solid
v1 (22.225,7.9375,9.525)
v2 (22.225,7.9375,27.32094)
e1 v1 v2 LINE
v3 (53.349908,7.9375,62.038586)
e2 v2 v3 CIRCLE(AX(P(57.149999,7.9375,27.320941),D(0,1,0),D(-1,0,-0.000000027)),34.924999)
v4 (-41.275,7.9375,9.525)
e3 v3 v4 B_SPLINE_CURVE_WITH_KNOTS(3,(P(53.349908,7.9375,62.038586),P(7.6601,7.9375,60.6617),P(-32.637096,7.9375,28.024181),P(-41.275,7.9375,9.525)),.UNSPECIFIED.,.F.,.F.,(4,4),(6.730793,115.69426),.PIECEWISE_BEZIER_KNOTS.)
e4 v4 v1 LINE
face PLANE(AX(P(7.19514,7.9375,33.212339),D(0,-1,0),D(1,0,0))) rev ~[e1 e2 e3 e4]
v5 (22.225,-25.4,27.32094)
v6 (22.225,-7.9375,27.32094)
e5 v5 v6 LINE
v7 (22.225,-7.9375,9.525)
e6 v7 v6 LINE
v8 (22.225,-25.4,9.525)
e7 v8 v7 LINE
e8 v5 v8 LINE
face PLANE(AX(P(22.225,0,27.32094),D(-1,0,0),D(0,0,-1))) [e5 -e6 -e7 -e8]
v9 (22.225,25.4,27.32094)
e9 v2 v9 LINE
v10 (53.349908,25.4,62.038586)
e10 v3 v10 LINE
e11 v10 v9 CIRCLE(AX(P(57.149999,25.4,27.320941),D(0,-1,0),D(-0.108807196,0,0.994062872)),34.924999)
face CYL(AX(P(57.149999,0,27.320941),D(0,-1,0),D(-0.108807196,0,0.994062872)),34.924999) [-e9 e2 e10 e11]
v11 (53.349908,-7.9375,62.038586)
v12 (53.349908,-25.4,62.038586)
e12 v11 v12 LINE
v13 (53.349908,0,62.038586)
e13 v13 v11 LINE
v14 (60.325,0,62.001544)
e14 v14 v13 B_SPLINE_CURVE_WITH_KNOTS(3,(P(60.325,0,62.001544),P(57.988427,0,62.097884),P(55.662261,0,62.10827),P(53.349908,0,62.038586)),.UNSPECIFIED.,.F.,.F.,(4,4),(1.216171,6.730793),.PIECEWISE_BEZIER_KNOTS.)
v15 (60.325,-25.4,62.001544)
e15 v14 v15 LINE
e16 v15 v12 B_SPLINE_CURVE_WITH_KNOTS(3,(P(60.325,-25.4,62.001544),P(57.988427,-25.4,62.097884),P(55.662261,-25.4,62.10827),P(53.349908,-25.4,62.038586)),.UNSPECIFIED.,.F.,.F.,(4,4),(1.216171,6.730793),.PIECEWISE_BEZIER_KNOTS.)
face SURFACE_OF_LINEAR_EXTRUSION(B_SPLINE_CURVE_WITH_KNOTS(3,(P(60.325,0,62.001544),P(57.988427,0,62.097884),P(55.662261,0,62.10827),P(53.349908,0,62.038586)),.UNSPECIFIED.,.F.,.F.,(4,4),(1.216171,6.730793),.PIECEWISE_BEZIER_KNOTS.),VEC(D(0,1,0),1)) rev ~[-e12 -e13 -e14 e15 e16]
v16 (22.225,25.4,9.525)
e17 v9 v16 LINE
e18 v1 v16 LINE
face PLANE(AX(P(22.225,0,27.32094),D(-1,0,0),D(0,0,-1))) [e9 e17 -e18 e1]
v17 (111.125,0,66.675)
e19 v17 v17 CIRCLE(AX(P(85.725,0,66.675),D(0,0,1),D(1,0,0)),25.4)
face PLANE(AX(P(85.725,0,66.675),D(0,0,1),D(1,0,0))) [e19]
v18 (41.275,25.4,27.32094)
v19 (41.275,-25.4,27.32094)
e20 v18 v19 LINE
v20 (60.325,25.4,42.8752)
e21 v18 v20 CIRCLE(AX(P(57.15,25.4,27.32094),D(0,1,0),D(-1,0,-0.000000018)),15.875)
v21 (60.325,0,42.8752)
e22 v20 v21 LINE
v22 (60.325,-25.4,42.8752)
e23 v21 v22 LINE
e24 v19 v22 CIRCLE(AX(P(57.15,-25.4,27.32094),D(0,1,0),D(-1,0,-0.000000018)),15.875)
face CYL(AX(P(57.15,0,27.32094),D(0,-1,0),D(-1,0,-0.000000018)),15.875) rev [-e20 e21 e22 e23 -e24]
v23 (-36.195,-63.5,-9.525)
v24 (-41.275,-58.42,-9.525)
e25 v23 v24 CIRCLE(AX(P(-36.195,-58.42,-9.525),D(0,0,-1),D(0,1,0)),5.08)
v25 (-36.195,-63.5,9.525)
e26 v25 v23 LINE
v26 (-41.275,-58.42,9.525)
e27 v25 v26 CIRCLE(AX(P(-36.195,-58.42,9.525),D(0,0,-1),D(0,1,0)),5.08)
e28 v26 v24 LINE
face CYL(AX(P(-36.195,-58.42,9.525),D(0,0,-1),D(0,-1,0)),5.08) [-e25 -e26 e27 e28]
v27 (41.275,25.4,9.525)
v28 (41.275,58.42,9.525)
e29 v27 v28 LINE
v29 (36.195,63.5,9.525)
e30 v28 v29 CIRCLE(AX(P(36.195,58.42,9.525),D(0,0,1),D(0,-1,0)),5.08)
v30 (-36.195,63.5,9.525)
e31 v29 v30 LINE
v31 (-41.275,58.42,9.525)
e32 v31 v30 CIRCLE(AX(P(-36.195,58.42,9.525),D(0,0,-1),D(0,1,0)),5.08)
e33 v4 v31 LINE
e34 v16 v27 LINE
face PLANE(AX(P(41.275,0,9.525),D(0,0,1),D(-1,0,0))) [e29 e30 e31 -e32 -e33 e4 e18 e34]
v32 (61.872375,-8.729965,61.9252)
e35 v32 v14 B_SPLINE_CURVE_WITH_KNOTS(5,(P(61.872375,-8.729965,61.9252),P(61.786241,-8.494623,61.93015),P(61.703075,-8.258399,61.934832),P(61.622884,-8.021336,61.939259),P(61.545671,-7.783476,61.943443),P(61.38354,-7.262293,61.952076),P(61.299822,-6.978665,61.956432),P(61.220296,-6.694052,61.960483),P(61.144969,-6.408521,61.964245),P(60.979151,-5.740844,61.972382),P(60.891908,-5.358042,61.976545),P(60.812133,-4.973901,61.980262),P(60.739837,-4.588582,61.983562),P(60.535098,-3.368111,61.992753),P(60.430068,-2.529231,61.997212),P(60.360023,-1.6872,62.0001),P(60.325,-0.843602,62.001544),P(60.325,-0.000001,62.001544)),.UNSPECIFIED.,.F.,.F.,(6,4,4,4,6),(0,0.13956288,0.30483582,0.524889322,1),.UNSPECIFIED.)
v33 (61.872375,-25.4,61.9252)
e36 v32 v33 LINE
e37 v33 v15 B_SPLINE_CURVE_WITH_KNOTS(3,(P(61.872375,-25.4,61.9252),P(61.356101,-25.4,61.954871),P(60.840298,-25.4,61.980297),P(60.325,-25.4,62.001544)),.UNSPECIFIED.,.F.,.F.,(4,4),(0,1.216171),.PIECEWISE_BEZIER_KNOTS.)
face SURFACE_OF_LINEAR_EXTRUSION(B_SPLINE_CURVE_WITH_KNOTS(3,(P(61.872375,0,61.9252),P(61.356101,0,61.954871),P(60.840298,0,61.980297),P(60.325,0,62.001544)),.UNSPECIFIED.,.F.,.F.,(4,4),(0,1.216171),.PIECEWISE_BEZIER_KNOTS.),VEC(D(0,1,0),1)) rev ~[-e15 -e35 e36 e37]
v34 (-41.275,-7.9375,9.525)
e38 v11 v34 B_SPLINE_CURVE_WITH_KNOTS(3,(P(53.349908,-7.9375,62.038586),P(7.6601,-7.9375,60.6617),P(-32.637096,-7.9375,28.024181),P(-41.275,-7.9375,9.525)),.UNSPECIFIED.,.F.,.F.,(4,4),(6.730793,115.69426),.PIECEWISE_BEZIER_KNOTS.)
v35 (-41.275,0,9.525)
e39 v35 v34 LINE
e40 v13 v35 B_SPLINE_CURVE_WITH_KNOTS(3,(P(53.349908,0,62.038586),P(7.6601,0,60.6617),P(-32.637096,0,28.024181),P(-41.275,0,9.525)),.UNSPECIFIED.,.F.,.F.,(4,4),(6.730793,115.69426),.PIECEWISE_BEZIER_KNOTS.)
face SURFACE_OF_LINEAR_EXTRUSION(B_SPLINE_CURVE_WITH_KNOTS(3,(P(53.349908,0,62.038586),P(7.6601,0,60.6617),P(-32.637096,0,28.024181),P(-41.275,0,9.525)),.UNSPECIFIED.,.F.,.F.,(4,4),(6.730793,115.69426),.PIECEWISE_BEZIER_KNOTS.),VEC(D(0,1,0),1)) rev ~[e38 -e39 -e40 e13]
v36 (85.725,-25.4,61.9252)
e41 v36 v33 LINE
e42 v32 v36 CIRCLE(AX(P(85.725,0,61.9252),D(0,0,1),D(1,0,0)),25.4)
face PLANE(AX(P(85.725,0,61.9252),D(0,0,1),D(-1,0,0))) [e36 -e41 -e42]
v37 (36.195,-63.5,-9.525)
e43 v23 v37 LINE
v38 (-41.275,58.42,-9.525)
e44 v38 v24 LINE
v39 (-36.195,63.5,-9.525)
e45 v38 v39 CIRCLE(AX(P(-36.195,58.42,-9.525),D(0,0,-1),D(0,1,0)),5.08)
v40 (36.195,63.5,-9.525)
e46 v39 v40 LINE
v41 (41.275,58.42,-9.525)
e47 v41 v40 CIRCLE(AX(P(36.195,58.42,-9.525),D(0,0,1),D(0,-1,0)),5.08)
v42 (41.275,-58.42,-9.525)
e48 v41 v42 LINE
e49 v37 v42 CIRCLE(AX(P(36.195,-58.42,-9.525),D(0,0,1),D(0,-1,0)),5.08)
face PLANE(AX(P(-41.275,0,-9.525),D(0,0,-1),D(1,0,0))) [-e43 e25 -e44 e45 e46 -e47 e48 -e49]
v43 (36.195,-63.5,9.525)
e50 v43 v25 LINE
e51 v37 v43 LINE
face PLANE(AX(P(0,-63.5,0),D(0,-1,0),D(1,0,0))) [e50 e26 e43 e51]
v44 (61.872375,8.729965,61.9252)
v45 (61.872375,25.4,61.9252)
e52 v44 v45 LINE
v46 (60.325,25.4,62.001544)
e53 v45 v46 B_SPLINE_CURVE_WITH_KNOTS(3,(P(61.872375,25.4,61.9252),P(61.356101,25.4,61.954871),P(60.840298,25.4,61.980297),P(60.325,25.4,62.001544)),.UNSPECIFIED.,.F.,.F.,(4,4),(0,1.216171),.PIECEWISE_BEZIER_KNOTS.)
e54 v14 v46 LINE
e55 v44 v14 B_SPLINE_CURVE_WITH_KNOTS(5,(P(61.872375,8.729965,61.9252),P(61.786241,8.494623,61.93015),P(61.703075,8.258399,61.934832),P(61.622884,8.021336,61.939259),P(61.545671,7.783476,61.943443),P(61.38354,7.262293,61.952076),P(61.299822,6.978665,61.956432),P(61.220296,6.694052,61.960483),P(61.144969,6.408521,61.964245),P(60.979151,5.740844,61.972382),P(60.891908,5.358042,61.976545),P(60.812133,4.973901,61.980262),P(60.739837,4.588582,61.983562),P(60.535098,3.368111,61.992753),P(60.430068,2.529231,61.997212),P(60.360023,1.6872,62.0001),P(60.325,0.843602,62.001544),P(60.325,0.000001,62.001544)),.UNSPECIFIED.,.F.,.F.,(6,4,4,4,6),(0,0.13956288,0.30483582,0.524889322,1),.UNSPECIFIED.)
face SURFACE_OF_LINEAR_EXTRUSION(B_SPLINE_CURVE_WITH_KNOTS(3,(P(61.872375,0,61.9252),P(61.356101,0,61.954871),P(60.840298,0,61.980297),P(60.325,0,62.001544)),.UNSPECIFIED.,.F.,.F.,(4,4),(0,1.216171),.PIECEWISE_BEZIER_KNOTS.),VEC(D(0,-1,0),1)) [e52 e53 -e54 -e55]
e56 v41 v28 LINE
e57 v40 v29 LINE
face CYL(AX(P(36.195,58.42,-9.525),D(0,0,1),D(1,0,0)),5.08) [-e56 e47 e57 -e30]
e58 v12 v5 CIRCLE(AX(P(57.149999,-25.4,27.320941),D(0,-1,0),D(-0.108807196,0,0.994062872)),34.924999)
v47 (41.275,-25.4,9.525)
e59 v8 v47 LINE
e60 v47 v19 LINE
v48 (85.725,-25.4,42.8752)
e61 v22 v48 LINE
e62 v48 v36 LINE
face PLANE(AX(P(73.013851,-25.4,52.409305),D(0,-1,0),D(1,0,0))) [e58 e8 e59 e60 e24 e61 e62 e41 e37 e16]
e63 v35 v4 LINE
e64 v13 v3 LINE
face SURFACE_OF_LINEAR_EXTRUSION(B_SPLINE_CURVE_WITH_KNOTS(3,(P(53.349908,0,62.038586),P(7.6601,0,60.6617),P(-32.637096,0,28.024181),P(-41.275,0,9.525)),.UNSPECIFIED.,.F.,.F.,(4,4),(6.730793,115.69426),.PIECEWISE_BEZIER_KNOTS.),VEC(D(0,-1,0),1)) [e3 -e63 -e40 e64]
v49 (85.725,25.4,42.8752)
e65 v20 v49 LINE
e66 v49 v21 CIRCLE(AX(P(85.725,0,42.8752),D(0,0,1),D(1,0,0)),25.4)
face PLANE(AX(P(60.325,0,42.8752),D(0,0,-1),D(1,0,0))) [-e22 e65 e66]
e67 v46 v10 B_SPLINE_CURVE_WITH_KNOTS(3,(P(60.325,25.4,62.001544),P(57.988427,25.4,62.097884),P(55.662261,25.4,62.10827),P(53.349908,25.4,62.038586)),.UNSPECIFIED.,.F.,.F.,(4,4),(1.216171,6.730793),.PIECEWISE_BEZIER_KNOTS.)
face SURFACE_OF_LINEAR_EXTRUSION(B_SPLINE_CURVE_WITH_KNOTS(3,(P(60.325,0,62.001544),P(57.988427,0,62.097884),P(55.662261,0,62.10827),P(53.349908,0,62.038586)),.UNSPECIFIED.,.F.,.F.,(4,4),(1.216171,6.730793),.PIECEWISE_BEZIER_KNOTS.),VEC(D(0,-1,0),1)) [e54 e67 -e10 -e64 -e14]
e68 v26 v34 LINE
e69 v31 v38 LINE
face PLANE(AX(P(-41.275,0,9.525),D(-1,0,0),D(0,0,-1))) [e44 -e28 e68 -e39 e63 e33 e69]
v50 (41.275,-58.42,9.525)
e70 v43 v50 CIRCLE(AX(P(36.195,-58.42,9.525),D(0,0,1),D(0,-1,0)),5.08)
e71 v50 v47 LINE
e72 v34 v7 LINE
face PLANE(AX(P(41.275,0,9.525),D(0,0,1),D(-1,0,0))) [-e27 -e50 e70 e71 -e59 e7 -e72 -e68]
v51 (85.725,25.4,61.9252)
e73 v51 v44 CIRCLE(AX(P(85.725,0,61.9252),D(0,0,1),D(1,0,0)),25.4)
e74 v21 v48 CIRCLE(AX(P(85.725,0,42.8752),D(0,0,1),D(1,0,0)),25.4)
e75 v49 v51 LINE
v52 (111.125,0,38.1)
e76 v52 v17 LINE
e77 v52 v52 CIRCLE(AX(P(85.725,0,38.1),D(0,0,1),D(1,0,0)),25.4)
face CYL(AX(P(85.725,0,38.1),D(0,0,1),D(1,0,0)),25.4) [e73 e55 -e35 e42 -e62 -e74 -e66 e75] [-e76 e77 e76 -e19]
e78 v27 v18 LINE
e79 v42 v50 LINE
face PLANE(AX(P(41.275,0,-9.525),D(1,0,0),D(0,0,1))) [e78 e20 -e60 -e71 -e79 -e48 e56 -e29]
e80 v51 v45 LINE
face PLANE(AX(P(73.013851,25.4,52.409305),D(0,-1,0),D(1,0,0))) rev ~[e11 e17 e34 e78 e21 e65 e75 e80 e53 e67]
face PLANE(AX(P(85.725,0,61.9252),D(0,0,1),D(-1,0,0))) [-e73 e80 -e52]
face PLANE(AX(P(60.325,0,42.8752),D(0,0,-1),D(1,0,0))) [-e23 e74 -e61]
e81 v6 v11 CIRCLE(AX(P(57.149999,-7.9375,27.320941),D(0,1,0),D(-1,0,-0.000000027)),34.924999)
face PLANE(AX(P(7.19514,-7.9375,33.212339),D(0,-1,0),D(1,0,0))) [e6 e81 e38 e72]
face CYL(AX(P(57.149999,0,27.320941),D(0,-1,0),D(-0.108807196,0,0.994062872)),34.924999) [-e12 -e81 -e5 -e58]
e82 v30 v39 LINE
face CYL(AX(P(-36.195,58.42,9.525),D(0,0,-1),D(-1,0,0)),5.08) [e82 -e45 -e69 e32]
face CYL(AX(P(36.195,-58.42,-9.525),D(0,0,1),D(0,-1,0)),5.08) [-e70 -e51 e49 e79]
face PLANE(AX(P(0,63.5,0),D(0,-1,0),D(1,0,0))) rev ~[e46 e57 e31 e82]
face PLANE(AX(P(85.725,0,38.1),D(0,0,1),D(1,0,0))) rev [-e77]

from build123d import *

# Parameters (mm, degrees)
F1_DEPTH = 63.5
F2_DEPTH = 25.4
F3_DEPTH = 25.4
F4_DEPTH = 7.9375
F6_R     = 5.08
F7_R     = 5.08


with BuildPart() as f1:
    # F0 (on Front) → F1 (new body, symmetric)
    with BuildSketch(Plane.XZ):
        Polygon((-41.275, 9.525), (-41.275, -9.525), (41.275, -9.525), (41.275, 9.525), (22.225, 9.525), align=None)
    extrude(amount=F1_DEPTH, both=True)

    # F0 (on Front) → F2 (join, symmetric)
    with BuildSketch(Plane.XZ):
        with BuildLine():
            Line((22.225, 9.525), (41.275, 9.525))
            Line((41.275, 9.525), (41.275, 27.32094))
            ThreePointArc((41.275, 27.32094), (47.109768, 39.617662), (60.325, 42.8752))
            Line((60.325, 42.8752), (60.325, 62.001544))
            add(Edge.make_bspline(
                [(60.325, 62.001544), (57.988427, 62.097884), (55.662261, 62.10827), (53.349908, 62.038586)],
                knots=[1.216171, 1.216171, 1.216171, 1.216171, 6.730793, 6.730793, 6.730793, 6.730793], degree=3))
            ThreePointArc((53.349908, 62.038586), (31.145444, 50.634428), (22.225, 27.32094))
            Line((22.225, 27.32094), (22.225, 9.525))
        make_face()
    extrude(amount=F2_DEPTH, both=True)

    # F0 (on Front) → F3 (join, symmetric)
    with BuildSketch(Plane.XZ):
        with BuildLine():
            add(Edge.make_bspline(
                [(61.872375, 61.9252), (61.356101, 61.954871), (60.840298, 61.980297), (60.325, 62.001544)],
                knots=[0, 0, 0, 0, 1.216171, 1.216171, 1.216171, 1.216171], degree=3))
            Line((60.325, 62.001544), (60.325, 42.8752))
            Line((60.325, 42.8752), (85.725, 42.8752))
            Line((85.725, 42.8752), (85.725, 61.9252))
            Line((85.725, 61.9252), (61.872375, 61.9252))
        make_face()
    extrude(amount=F3_DEPTH, both=True)

    # F0 (on Front) → F4 (join, symmetric)
    with BuildSketch(Plane.XZ):
        with BuildLine():
            add(Edge.make_bspline(
                [(53.349908, 62.038586), (7.6601, 60.6617), (-32.637096, 28.024181), (-41.275, 9.525)],
                knots=[6.730793, 6.730793, 6.730793, 6.730793, 115.69426, 115.69426, 115.69426, 115.69426], degree=3))
            Line((-41.275, 9.525), (22.225, 9.525))
            Line((22.225, 9.525), (22.225, 27.32094))
            ThreePointArc((22.225, 27.32094), (31.145444, 50.634428), (53.349908, 62.038586))
        make_face()
    extrude(amount=F4_DEPTH, both=True)

    # F0 (on Front) → F5 (revolve)
    with BuildSketch(Plane.XZ):
        Polygon((85.725, 61.9252), (85.725, 42.8752), (85.725, 38.1), (111.125, 38.1), (111.125, 66.675), (85.725, 66.675), align=None)
    revolve(axis=Axis((85.725, 0, 52.3875), (0, 0, 1)))

    # F6
    f6_edges = [f1.edges().sort_by_distance(p)[0] for p in [
        (-41.275, 63.5, 0),
        (41.275, 63.5, 0),
        (-41.275, -63.5, 0),
    ]]
    fillet(f6_edges, radius=F6_R)

    # F7
    f7_edges = [f1.edges().sort_by_distance(p)[0] for p in [
        (41.275, -63.5, 0),
    ]]
    fillet(f7_edges, radius=F7_R)


solid = f1.part
